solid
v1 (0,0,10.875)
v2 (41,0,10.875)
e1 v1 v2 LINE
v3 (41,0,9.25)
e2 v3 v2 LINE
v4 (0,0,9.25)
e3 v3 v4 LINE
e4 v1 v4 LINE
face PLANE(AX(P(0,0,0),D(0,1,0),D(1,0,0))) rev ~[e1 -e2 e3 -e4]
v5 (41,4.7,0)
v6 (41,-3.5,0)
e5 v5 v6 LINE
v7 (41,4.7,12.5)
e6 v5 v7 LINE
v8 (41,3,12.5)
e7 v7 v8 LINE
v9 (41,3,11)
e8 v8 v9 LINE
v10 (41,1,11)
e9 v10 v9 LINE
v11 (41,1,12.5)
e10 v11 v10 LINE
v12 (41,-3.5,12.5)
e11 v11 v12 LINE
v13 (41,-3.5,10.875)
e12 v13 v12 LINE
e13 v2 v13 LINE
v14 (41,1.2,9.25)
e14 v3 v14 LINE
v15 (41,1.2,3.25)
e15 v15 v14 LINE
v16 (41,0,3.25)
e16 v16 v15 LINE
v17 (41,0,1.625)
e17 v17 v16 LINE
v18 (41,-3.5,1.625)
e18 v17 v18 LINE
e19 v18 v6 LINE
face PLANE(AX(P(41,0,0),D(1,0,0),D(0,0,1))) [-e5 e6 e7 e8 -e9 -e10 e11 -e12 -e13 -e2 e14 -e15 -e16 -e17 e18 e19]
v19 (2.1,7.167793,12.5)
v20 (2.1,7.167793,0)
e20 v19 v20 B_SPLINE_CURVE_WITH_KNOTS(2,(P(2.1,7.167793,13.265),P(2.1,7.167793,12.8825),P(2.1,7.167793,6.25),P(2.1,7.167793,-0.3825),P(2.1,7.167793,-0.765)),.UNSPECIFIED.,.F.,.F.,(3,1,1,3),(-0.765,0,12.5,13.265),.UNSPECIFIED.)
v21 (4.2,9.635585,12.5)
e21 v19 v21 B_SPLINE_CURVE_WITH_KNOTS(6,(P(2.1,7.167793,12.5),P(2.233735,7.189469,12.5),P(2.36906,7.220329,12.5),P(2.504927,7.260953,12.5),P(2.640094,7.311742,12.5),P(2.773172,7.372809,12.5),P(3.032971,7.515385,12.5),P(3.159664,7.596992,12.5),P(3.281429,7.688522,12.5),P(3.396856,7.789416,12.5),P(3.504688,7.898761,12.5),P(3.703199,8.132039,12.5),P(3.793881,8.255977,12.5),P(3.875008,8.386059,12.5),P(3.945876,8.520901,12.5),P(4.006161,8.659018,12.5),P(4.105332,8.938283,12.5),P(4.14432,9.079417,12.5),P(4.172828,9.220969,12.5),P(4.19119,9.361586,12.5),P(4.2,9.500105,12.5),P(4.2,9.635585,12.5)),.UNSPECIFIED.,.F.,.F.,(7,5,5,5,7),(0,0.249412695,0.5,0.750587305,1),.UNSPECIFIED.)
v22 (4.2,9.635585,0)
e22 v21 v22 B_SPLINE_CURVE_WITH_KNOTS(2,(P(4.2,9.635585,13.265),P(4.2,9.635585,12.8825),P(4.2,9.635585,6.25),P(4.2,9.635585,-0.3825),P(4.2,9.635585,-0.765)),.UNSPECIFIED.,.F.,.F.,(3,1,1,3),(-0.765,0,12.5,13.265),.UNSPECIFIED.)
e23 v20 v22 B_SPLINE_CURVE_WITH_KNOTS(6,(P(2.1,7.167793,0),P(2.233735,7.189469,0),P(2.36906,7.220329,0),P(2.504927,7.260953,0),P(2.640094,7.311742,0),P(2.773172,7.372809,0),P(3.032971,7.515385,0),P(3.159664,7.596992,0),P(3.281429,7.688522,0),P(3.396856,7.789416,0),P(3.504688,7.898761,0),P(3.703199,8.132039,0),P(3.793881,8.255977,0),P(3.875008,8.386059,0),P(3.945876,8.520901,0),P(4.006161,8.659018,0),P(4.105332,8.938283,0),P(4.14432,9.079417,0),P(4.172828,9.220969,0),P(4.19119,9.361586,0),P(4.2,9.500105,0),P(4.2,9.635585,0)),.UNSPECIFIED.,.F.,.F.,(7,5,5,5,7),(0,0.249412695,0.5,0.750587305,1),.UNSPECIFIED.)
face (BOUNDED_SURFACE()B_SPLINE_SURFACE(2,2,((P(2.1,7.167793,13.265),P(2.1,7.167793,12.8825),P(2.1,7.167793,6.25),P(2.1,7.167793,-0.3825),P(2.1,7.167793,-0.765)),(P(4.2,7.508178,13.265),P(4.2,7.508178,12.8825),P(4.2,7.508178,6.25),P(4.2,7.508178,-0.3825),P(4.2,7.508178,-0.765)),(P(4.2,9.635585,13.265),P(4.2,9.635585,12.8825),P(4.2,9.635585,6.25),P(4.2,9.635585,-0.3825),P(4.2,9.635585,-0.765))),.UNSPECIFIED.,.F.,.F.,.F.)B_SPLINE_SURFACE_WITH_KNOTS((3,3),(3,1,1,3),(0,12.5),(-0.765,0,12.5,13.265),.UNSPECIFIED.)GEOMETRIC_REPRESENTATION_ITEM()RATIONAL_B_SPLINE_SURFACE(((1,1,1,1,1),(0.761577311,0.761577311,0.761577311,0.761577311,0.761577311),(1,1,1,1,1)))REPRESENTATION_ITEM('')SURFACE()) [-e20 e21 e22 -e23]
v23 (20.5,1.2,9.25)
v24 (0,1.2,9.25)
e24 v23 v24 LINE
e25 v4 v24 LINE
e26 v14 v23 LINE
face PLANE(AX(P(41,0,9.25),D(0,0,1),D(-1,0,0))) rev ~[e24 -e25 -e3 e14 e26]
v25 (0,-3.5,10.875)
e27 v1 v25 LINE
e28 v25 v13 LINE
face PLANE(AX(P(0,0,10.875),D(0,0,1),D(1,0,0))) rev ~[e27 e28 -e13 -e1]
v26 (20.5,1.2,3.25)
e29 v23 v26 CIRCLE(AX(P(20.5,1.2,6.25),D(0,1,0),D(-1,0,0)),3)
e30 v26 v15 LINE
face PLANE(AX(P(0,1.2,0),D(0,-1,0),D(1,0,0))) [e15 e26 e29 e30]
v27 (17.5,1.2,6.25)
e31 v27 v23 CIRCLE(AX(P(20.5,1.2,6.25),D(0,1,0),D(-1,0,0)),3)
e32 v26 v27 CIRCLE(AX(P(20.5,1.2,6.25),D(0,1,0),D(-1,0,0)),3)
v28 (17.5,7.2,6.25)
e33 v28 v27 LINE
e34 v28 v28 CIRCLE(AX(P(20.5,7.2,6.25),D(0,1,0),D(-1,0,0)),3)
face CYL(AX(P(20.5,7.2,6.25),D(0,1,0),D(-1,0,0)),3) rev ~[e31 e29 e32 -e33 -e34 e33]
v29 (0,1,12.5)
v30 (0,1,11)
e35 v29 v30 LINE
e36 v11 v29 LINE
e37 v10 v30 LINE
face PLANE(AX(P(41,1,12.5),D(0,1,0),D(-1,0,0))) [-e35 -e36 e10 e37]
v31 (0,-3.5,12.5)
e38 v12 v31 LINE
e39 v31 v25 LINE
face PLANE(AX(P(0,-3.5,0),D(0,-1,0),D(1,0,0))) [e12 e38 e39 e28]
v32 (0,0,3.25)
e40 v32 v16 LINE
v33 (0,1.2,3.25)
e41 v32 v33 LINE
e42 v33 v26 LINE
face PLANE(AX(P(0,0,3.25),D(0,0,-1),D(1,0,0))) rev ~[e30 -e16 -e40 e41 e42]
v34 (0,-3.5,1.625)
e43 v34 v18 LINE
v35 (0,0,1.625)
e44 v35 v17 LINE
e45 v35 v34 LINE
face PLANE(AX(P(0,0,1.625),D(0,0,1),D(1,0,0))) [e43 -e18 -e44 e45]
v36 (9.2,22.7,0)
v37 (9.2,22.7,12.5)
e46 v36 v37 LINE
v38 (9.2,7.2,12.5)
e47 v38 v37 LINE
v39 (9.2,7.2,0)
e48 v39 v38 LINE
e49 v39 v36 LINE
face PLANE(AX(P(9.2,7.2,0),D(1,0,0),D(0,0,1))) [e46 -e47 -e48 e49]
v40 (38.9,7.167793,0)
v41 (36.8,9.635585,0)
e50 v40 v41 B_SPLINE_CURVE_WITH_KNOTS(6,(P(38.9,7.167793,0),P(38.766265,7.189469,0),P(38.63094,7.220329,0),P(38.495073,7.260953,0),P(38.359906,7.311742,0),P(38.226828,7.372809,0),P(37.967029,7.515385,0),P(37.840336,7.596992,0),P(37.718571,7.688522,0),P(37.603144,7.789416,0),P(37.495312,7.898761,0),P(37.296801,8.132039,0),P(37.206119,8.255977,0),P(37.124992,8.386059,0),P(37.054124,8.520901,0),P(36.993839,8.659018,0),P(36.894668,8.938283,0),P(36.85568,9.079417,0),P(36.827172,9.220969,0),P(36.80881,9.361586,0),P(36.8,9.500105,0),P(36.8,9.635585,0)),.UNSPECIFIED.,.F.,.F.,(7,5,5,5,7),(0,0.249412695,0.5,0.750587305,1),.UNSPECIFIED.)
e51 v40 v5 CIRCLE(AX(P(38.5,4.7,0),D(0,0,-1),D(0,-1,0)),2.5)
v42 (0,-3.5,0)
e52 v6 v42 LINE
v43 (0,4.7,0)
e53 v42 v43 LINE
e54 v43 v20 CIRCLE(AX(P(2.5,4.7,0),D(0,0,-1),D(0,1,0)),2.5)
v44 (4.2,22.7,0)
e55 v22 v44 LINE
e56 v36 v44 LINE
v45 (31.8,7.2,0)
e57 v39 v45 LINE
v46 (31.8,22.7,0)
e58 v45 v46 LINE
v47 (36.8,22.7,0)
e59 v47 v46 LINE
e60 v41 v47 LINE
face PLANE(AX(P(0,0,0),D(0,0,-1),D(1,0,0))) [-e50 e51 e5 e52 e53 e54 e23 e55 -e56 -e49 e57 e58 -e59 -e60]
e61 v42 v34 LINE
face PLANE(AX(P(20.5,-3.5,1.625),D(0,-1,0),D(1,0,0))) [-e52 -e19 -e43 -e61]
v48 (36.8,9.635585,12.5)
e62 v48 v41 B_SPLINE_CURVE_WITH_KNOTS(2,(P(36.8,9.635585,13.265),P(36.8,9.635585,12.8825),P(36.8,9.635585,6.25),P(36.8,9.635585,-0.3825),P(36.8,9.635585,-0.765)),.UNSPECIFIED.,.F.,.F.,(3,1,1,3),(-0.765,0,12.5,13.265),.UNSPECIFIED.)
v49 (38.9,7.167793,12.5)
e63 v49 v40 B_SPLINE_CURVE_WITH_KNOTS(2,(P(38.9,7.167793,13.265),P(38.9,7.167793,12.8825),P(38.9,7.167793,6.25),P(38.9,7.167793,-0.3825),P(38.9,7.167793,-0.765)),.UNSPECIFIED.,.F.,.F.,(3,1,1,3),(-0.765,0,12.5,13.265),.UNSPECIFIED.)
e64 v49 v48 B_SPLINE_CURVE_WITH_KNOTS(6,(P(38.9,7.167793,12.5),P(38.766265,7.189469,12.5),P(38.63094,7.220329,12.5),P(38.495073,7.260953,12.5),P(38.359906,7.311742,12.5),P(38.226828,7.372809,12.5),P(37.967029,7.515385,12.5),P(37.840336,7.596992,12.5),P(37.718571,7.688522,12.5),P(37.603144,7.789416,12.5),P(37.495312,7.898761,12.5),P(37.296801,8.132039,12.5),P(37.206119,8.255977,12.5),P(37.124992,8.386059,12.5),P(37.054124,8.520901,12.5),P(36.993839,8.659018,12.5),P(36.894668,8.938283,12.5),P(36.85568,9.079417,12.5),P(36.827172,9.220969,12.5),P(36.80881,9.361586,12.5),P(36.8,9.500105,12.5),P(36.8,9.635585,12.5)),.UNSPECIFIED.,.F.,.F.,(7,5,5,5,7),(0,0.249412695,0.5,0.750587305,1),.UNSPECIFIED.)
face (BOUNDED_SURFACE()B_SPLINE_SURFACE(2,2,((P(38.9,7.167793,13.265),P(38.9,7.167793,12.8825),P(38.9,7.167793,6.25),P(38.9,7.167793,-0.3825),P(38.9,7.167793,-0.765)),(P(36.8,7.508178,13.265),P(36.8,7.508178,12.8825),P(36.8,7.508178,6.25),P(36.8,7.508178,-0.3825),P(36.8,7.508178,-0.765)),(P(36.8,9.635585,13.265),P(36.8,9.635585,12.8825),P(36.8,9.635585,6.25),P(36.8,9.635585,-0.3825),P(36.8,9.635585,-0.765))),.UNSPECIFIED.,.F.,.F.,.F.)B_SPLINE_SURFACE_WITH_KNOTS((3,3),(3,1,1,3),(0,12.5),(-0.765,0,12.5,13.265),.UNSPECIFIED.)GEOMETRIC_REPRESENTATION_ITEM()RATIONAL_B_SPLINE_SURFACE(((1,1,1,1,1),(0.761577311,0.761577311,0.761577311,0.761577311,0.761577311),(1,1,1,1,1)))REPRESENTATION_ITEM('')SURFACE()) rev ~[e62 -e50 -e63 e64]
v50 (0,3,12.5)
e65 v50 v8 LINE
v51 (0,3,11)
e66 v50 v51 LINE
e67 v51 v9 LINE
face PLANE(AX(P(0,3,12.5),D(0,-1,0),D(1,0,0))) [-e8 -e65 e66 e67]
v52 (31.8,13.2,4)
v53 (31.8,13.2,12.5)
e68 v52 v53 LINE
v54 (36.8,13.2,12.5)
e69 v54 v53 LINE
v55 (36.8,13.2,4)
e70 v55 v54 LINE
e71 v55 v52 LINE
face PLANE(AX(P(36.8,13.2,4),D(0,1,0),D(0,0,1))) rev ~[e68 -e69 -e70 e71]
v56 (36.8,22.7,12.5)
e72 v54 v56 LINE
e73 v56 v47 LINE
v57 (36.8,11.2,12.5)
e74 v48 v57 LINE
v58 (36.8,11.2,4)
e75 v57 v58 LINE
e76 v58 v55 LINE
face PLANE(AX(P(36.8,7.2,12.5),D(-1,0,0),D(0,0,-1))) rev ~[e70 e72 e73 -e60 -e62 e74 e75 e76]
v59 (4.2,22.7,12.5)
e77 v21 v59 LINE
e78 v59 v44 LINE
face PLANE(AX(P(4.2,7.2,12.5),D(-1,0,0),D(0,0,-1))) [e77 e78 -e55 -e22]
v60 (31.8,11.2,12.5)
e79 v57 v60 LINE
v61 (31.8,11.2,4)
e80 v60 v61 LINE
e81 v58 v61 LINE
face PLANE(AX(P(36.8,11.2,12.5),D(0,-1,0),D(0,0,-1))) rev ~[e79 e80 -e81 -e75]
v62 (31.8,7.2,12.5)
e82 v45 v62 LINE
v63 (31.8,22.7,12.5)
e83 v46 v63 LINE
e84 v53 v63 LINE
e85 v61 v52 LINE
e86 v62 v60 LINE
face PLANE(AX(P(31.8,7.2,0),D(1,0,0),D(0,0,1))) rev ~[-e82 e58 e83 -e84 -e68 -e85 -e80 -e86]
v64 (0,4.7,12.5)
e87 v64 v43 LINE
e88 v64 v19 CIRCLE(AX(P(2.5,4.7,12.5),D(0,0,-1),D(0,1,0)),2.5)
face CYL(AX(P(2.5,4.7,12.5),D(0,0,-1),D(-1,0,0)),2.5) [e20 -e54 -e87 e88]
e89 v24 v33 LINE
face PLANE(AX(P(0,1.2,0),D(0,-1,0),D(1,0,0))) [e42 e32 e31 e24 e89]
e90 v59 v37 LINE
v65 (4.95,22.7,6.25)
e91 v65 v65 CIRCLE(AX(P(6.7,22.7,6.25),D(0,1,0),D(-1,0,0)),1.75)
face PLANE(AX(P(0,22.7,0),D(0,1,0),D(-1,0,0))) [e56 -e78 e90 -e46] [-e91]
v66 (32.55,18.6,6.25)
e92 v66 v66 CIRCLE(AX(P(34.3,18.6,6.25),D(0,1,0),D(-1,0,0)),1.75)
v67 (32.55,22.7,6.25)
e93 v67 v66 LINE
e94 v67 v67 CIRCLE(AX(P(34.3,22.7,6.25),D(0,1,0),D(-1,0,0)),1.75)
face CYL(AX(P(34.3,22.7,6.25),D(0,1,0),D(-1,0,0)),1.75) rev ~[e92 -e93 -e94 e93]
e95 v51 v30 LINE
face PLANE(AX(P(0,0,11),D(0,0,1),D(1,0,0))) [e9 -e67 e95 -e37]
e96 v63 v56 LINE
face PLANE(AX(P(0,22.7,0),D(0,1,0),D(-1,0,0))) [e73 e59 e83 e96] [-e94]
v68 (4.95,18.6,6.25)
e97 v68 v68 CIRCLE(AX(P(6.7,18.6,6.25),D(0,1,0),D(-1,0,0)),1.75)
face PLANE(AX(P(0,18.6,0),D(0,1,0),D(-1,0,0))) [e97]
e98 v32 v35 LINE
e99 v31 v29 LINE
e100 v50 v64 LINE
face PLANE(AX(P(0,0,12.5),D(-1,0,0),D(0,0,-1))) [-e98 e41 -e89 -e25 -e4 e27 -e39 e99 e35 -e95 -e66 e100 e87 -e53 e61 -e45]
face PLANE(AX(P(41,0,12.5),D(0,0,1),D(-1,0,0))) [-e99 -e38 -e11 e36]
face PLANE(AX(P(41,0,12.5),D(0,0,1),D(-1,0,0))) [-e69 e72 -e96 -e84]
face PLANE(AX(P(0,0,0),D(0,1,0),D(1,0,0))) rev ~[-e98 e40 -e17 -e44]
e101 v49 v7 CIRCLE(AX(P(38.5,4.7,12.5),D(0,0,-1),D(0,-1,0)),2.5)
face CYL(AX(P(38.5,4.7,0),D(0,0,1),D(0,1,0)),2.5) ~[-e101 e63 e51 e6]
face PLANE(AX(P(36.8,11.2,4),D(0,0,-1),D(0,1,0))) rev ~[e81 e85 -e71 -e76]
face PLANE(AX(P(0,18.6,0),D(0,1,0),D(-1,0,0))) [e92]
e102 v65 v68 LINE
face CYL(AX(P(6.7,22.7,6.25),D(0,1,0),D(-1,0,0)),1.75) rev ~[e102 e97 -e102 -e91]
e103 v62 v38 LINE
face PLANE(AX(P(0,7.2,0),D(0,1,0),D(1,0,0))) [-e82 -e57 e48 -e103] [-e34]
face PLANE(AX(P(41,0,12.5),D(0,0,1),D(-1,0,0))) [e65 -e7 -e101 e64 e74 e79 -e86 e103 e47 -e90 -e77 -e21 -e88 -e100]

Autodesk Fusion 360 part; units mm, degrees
sketch "Sketch1" plane through (0, 0, 0) normal (0, 1, 0) x (1, 0, 0)
  line L0 (0, 0) -> (41, 0)
  line L1 (41, 0) -> (41, -12.5)
  line L2 (41, -12.5) -> (0, -12.5)
  line L3 (0, -12.5) -> (0, 0)
  dimension "d1" = 41
  dimension "d2" = 12.5
extrude "Extrude1" add sketch "Sketch1" along normal blind 7.2
sketch "Sketch2" plane through (0, 0, 0) normal (0, -1, 0) x (1, 0, 0)
  line L0 (41, 12.5) -> (0, 12.5)
  line L1 (0, 12.5) -> (0, 0)
  line L2 (0, 0) -> (41, 0)
  line L3 (41, 0) -> (41, 12.5)
  line L4 (41, 9.25) -> (0, 9.25)
  line L5 (0, 9.25) -> (0, 3.25)
  line L6 (0, 3.25) -> (41, 3.25)
  line L7 (41, 3.25) -> (41, 9.25)
  dimension "d5" = 6
extrude "Extrude2" cut sketch "Sketch2" against normal blind 1.2 contours L1 L3 L4 L5 L6 L7
sketch "Sketch3" plane through (0, 7.2, 0) normal (0, 1, 0) x (-1, 0, 0)
  line L0 (0, 12.5) -> (-41, 12.5)
  line L1 (-41, 12.5) -> (-41, 0)
  line L2 (-41, 0) -> (0, 0)
  line L3 (0, 0) -> (0, 12.5)
  circle A0 centre (-20.5, 6.25) radius 3
  dimension "d8" = 6
  dimension "d9" = 6.25
  dimension "d10" = 20.5
extrude "Extrude3" cut sketch "Sketch3" against normal blind 6 contours A0
sketch "Sketch4" plane through (0, 0, 0) normal (0, -1, 0) x (1, 0, 0)
  line L0 (0, 9.25) -> (41, 9.25)
  line L1 (41, 9.25) -> (41, 12.5)
  line L2 (41, 12.5) -> (0, 12.5)
  line L3 (0, 12.5) -> (0, 9.25)
  line L4 (41, 1.625) -> (0, 1.625)
  line L5 (0, 1.625) -> (0, 10.875)
  line L6 (0, 10.875) -> (41, 10.875)
  line L7 (41, 10.875) -> (41, 1.625)
  arc A0 (20.5, 3.25) -> (20.5, 9.25) centre (20.5, 6.25) ccw
  line L8 (20.5, 3.25) -> (41, 3.25)
  line L9 (41, 3.25) -> (41, 9.25)
  line L10 (41, 9.25) -> (20.5, 9.25)
  line L11 (0, 0) -> (41, 0)
  dimension "d13" = 9.25
  dimension "d14" = 1.625
sketch "Sketch5" plane through (0, 0, 0) normal (0, -1, 0) x (1, 0, 0)
  line L0 (41, 3.25) -> (0, 3.25)
  line L1 (0, 3.25) -> (0, 0)
  line L2 (0, 0) -> (41, 0)
  line L3 (41, 0) -> (41, 3.25)
sketch "Sketch6" plane through (20.5, 0, 1.625) normal (0, -1, 0) x (1, 0, 0)
  line L0 (20.5, -1.625) -> (-20.5, -1.625)
  line L1 (-20.5, -1.625) -> (-20.5, 0)
  line L2 (-20.5, 0) -> (20.5, 0)
  line L3 (20.5, 0) -> (20.5, -1.625)
  point P0 (20.5, -1.625)
  point P1 (-20.5, 0)
extrude "Extrude4" add sketch "Sketch6" sketch "Sketch4" along normal blind 3.5 of sketch 2 contours L1 L2 L3 L6
sketch "Sketch7" plane through (0, 7.2, 0) normal (0, 1, 0) x (-1, 0, 0)
  circle A0 centre (-20.5, 6.25) radius 3
  line L0 (0, 12.5) -> (-41, 12.5)
  line L1 (-41, 12.5) -> (-41, 0)
  line L2 (-41, 0) -> (0, 0)
  line L3 (0, 0) -> (0, 12.5)
  line L4 (-4.2, 0) -> (-9.2, 0)
  line L5 (-9.2, 0) -> (-9.2, 12.5)
  line L6 (-9.2, 12.5) -> (-4.2, 12.5)
  line L7 (-4.2, 12.5) -> (-4.2, 0)
  line L8 (-36.8, 0) -> (-31.8, 0)
  line L9 (-31.8, 0) -> (-31.8, 12.5)
  line L10 (-31.8, 12.5) -> (-36.8, 12.5)
  line L11 (-36.8, 12.5) -> (-36.8, 0)
  dimension "d17" = 5
  dimension "d18" = 5
  dimension "d19" = 22.6
  dimension "d20" = 4.2
extrude "Extrude5" add sketch "Sketch7" along normal blind 15.5 contours L0 L2 L4 L5 L6 L7 | L0 L2 L8 L9 L10 L11
sketch "Sketch8" plane through (36.8, 0, 0) normal (1, 0, 0) x (0, 0, -1)
  line L0 (-12.5, 7.2) -> (0, 7.2)
  line L1 (0, 7.2) -> (0, 22.7)
  line L2 (0, 22.7) -> (-12.5, 22.7)
  line L3 (-12.5, 22.7) -> (-12.5, 7.2)
  line L4 (-12.5, 11.2) -> (-4, 11.2)
  line L5 (-4, 11.2) -> (-4, 13.2)
  line L6 (-4, 13.2) -> (-12.5, 13.2)
  line L7 (-12.5, 13.2) -> (-12.5, 11.2)
  dimension "d23" = 8.5
  dimension "d24" = 2
  dimension "d25" = 4
extrude "Extrude6" cut sketch "Sketch8" against normal blind 5 contours L3 L4 L5 L6 L7
fillet "Fillet1" radius 2.5 4 edges at (41, 7.2, 6.25) (36.8, 7.2, 6.25) (0, 7.2, 6.25) (4.2, 7.2, 6.25)
sketch "Sketch9" plane through (0, 22.7, 0) normal (0, 1, 0) x (-1, 0, 0)
  line L0 (-4.2, 12.5) -> (-9.2, 12.5)
  line L1 (-9.2, 12.5) -> (-9.2, 0)
  line L2 (-9.2, 0) -> (-4.2, 0)
  line L3 (-4.2, 0) -> (-4.2, 12.5)
  circle A0 centre (-6.7, 6.25) radius 1.75
  circle A1 centre (-34.3, 6.25) radius 1.75
  line L4 (-31.8, 0) -> (-31.8, 12.5)
  line L5 (-36.8, 0) -> (-31.8, 0)
  dimension "d30" = 3.5
  dimension "d31" = 3.5
  dimension "d32" = 2.5
  dimension "d33" = 2.5
  dimension "d34" = 6.25
  dimension "d35" = 6.25
extrude "Extrude7" cut sketch "Sketch9" against normal blind 4.1 contours A0 | A1
sketch "Sketch10" plane through (0, 0, 12.5) normal (0, 0, 1) x (1, 0, 0)
  arc A0 (2.1, 7.1678) -> (0, 4.7) centre (2.5, 4.7) ccw
  line L0 (0, 4.7) -> (0, -3.5)
  line L1 (0, -3.5) -> (41, -3.5)
  line L2 (41, -3.5) -> (41, 4.7)
  arc A1 (41, 4.7) -> (38.9, 7.1678) centre (38.5, 4.7) ccw
  arc A2 (36.8, 9.6356) -> (38.9, 7.1678) centre (39.3, 9.6356) ccw
  line L3 (36.8, 9.6356) -> (36.8, 11.2)
  line L4 (36.8, 11.2) -> (31.8, 11.2)
  line L5 (31.8, 11.2) -> (31.8, 7.2)
  line L6 (31.8, 7.2) -> (9.2, 7.2)
  line L7 (9.2, 7.2) -> (9.2, 22.7)
  line L8 (9.2, 22.7) -> (4.2, 22.7)
  line L9 (4.2, 22.7) -> (4.2, 9.6356)
  arc A3 (2.1, 7.1678) -> (4.2, 9.6356) centre (1.7, 9.6356) ccw
  line L10 (41, 1) -> (0, 1)
  line L11 (0, 1) -> (0, 3)
  line L12 (0, 3) -> (41, 3)
  line L13 (41, 3) -> (41, 1)
  dimension "d38" = 2
  dimension "d39" = 4.5
extrude "Extrude8" cut sketch "Sketch10" against normal blind 1.5 contours L0 L2 L10 L11 L12 L13
equation "d3 = 6 mm + 1.2 mm"
equation "d9 = ( 12.5 / 2 ) * 1 mm"
equation "d10 = ( 41 / 2 ) * 1 mm"
equation "d14 = ( 12.5 mm - d13 ) / 2"
equation "d20 = ( ( 41 - 32.6 ) / 2 ) * 1 mm"
equation "d25 = 5 mm - d24 / 2"
equation "d34 = ( 12.5 / 2 ) * 1 mm"
equation "d35 = d34"
equation "d39 = 2.5 mm + 2 mm"
